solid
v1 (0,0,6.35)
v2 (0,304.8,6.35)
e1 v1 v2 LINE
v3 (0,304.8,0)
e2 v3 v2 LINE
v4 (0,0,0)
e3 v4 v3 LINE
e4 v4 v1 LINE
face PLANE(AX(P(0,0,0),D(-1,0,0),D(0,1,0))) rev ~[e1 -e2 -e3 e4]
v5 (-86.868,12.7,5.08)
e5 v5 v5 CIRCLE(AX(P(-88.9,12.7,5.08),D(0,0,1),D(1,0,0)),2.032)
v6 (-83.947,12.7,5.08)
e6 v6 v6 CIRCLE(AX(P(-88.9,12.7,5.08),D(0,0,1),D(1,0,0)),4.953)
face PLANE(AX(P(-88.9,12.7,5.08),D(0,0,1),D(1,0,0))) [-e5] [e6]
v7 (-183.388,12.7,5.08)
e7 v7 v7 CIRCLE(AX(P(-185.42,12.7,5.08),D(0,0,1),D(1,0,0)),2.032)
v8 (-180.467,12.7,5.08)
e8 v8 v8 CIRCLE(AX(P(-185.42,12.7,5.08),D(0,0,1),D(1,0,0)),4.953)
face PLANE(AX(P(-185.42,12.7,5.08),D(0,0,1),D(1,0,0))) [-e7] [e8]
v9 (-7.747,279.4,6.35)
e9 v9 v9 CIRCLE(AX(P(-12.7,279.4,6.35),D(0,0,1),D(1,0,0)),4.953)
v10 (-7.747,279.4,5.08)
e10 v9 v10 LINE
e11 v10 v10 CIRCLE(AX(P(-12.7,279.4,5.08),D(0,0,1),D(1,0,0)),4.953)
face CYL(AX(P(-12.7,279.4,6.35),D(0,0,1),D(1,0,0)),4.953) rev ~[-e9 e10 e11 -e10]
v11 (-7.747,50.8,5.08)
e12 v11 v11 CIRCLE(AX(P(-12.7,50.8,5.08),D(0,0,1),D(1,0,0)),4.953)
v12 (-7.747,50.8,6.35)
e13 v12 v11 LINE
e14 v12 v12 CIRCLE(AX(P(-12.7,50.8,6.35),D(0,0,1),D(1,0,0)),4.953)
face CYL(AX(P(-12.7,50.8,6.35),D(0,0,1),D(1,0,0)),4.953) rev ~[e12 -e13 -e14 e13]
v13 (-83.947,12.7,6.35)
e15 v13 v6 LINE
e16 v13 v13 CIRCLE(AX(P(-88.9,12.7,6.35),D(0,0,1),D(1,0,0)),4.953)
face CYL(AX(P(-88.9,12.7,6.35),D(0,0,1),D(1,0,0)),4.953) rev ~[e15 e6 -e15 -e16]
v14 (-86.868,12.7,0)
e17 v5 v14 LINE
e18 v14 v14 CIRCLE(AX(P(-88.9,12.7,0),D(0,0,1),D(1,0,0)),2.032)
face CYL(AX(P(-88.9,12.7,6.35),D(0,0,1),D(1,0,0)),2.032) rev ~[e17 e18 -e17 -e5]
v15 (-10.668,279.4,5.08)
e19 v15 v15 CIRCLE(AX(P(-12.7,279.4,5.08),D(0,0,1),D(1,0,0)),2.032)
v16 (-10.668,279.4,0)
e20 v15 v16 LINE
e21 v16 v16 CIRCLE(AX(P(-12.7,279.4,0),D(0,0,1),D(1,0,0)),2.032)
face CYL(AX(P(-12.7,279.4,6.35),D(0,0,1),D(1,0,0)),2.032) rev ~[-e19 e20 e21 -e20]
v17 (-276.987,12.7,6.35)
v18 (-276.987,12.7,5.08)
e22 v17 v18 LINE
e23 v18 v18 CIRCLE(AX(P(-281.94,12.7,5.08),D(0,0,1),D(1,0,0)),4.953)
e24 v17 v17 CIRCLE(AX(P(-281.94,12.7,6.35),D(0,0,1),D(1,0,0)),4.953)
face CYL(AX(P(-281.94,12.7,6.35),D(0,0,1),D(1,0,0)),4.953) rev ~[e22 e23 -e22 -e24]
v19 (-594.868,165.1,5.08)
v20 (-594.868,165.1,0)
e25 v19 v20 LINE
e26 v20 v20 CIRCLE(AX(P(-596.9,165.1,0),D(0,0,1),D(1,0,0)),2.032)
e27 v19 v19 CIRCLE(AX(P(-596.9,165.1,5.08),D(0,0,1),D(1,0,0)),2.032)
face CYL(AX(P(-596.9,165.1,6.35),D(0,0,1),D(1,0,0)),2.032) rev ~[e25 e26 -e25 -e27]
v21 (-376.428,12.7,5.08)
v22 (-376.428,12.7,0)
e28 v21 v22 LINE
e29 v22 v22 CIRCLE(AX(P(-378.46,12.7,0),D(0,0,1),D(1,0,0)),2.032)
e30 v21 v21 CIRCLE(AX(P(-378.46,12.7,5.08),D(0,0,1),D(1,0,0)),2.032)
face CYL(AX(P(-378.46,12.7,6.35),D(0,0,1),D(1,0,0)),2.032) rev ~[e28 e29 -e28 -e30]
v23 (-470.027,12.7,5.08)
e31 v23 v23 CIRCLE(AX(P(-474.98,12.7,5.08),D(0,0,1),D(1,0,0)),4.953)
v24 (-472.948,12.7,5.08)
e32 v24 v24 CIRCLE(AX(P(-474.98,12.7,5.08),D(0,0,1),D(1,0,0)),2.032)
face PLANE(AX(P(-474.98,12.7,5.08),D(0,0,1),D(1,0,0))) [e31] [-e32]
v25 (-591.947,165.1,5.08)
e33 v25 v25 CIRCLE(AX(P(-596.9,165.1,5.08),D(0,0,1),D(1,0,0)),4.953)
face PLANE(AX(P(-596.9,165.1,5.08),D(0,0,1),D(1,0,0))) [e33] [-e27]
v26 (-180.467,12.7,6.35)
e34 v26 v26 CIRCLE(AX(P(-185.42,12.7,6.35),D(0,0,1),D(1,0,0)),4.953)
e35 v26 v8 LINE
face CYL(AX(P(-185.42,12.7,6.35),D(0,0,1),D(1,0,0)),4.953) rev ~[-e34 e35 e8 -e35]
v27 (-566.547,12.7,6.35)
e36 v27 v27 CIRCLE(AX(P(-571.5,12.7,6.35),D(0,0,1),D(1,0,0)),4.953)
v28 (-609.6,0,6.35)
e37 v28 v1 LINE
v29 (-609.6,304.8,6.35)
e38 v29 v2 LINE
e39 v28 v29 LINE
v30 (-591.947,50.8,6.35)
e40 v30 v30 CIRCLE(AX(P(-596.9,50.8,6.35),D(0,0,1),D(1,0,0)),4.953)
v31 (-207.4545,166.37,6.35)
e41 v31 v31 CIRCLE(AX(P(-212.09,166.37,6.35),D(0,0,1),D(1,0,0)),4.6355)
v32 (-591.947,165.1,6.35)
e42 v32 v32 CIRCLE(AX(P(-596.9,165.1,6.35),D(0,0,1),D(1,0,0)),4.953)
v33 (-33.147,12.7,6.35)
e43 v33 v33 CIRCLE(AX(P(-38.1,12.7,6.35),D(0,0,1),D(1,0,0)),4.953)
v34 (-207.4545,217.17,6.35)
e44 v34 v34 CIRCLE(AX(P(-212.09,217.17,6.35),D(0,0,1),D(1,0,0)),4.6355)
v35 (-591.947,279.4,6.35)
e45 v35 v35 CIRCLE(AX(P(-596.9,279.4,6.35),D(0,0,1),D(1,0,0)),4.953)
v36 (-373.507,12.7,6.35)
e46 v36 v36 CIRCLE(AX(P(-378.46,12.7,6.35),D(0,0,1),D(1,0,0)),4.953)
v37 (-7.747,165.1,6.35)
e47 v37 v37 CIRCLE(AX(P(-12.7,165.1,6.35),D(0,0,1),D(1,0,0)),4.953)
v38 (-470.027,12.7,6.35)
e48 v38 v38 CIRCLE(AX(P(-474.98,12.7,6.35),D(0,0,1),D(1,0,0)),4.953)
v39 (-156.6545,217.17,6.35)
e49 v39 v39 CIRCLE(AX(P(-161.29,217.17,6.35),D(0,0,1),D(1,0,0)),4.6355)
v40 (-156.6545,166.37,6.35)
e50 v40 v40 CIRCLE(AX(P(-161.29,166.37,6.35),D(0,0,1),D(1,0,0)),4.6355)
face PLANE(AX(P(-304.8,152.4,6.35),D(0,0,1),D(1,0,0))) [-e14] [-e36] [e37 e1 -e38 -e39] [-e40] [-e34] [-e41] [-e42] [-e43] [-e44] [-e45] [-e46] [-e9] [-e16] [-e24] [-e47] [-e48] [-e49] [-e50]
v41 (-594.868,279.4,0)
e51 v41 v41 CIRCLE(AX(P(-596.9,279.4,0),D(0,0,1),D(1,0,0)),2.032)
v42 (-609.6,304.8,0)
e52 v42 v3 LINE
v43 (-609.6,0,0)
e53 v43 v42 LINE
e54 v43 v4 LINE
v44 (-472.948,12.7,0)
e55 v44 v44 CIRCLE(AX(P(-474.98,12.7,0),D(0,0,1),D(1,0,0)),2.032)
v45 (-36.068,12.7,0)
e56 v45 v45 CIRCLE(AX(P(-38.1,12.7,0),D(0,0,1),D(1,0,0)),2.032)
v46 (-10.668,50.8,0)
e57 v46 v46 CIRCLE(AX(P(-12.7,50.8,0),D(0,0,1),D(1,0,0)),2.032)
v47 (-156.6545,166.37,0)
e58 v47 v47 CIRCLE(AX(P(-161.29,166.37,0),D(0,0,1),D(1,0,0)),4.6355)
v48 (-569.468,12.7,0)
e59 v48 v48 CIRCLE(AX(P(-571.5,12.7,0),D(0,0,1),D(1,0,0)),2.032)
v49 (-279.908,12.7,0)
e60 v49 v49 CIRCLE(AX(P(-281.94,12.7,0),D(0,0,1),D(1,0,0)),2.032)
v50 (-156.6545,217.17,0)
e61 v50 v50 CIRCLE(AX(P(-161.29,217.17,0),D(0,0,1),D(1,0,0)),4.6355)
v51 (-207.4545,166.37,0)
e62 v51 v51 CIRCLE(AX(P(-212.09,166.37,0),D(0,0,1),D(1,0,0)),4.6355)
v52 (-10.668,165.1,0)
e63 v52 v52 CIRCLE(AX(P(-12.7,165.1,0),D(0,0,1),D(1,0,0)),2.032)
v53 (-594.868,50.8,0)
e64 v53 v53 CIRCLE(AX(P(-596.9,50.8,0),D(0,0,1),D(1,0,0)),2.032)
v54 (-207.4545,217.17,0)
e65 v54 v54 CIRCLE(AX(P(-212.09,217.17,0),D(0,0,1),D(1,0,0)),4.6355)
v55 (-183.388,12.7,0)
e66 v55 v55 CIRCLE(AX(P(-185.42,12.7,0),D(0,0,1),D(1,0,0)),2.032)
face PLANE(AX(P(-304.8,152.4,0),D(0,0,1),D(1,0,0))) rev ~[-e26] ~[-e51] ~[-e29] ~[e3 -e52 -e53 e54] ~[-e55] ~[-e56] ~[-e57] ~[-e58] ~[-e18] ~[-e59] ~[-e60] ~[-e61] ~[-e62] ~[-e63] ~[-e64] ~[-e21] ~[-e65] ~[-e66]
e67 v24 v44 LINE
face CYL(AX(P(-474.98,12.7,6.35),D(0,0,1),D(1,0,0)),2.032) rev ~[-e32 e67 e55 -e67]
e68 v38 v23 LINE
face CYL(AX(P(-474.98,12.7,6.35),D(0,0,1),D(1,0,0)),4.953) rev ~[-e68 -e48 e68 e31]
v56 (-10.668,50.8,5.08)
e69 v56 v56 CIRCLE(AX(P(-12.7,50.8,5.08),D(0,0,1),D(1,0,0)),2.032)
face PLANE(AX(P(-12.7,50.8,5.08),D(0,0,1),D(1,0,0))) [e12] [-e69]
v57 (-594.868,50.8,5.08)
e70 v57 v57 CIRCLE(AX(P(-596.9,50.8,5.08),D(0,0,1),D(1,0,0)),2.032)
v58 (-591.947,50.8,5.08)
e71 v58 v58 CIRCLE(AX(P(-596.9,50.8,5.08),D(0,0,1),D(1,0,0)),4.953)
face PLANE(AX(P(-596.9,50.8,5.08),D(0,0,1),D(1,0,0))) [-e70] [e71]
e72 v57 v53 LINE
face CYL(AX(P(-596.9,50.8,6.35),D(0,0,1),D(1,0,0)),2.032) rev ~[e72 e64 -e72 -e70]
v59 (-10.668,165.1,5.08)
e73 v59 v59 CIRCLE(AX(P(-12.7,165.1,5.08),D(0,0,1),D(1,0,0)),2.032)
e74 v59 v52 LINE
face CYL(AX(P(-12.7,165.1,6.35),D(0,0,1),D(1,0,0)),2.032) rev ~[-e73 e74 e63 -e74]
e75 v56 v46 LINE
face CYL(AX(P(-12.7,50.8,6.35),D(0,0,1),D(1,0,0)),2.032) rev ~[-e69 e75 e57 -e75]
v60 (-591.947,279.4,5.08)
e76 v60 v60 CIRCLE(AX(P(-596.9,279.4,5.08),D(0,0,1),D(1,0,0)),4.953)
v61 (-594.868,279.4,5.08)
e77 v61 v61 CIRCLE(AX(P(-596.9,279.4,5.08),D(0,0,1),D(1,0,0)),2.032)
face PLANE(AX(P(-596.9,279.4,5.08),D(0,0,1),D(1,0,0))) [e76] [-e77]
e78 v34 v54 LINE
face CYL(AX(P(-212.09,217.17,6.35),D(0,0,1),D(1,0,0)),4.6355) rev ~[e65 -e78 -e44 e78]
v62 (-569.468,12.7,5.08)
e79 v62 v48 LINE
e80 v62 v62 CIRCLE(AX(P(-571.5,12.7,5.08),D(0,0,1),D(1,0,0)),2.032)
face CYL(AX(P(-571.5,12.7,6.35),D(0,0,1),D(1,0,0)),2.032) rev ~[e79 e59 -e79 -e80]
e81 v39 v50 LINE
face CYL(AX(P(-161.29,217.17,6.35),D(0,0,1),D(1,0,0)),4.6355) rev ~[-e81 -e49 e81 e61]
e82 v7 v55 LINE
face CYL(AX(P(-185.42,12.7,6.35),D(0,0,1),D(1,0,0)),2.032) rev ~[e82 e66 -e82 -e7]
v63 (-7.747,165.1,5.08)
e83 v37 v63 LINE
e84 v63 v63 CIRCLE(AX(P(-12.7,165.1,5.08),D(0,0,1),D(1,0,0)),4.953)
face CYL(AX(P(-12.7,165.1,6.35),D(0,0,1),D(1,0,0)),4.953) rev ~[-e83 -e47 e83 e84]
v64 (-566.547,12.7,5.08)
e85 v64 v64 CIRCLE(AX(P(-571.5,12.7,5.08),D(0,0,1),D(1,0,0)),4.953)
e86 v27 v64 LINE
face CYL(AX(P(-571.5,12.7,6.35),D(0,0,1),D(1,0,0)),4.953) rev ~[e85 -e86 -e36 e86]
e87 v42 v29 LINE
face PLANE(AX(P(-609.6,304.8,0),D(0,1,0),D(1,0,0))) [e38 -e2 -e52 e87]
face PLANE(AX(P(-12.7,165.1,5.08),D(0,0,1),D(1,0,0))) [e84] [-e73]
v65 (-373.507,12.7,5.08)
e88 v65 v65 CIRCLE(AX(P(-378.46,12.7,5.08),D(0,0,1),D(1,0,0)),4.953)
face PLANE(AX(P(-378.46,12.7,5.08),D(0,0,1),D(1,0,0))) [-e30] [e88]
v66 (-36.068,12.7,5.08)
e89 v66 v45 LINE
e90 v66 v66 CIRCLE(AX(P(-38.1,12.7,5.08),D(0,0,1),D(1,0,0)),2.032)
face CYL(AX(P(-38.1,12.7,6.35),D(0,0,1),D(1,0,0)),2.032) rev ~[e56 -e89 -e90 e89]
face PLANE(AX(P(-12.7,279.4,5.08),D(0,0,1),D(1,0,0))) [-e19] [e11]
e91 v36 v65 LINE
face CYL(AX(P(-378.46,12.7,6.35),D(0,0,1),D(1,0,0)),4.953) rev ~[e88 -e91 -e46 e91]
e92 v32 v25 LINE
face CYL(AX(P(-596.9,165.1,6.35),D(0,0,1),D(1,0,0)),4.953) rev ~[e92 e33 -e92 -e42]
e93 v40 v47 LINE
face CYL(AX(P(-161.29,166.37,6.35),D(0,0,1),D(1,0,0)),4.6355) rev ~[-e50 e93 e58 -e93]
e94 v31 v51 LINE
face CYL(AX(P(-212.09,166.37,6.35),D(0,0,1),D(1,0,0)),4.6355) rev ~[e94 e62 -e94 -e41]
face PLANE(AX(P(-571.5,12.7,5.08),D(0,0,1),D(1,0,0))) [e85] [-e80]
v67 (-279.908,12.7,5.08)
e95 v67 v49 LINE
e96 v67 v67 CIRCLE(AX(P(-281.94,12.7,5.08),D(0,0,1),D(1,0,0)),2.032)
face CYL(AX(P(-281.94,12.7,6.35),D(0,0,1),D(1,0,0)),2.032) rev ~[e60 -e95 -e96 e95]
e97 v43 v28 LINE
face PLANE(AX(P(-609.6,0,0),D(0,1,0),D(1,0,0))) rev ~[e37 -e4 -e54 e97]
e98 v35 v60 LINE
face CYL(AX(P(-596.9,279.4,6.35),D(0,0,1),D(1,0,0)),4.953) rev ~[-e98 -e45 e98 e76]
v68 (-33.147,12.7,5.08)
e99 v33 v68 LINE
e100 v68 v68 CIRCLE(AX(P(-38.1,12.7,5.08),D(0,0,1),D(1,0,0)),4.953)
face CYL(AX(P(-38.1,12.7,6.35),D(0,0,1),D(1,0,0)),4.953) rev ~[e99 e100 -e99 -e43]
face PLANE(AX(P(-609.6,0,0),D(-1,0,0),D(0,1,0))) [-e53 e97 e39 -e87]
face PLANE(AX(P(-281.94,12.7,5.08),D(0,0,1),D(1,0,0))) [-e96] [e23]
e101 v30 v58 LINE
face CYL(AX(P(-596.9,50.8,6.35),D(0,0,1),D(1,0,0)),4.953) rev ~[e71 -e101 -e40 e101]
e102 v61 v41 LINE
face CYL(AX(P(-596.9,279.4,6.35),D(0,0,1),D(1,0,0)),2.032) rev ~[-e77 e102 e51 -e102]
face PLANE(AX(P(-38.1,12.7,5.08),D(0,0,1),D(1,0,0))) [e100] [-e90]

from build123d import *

# Parameters (mm, degrees)
SKETCH1_W           = 609.6
SKETCH1_H           = 304.8
BOSS_EXTRUDE1_DEPTH = 6.35
SKETCH2_R           = 4.6355
CUT_EXTRUDE1_DEPTH  = 7.35
SKETCH3_R           = 2.032
CUT_EXTRUDE2_DEPTH  = 7.35
SKETCH5_R           = 2.032
CUT_EXTRUDE3_DEPTH  = 7.35
SKETCH6_R           = 4.953
CUT_EXTRUDE4_DEPTH  = 1.27
SKETCH7_R           = 4.953
CUT_EXTRUDE5_DEPTH  = 1.27


with BuildPart() as part:
    # Sketch1 → Boss-Extrude1 (new body)
    with BuildSketch(Plane.XY):
        with Locations((-304.8, 152.4)):
            Rectangle(SKETCH1_W, SKETCH1_H)
    extrude(amount=BOSS_EXTRUDE1_DEPTH)

    # Sketch2 → Cut-Extrude1 (cut, through all)
    with BuildSketch(Plane.XY.offset(6.35)):
        with Locations((-161.29, 217.17)):
            Circle(SKETCH2_R)
        with Locations((-212.09, 217.17)):
            Circle(SKETCH2_R)
        with Locations((-161.29, 166.37)):
            Circle(SKETCH2_R)
        with Locations((-212.09, 166.37)):
            Circle(SKETCH2_R)
    extrude(amount=-CUT_EXTRUDE1_DEPTH, mode=Mode.SUBTRACT)

    # Sketch3 → Cut-Extrude2 (cut, through all)
    with BuildSketch(Plane.XY.offset(6.35)):
        with Locations((-596.9, 279.4)):
            Circle(SKETCH3_R)
        with Locations((-596.9, 165.1)):
            Circle(SKETCH3_R)
        with Locations((-596.9, 50.8)):
            Circle(SKETCH3_R)
        with Locations((-12.7, 50.8)):
            Circle(SKETCH3_R)
        with Locations((-12.7, 165.1)):
            Circle(SKETCH3_R)
        with Locations((-12.7, 279.4)):
            Circle(SKETCH3_R)
    extrude(amount=-CUT_EXTRUDE2_DEPTH, mode=Mode.SUBTRACT)

    # Sketch5 → Cut-Extrude3 (cut, through all)
    with BuildSketch(Plane.XY.offset(6.35)):
        with Locations((-571.5, 12.7)):
            Circle(SKETCH5_R)
        with Locations((-38.1, 12.7)):
            Circle(SKETCH5_R)
        with Locations((-474.98, 12.7)):
            Circle(SKETCH5_R)
        with Locations((-378.46, 12.7)):
            Circle(SKETCH5_R)
        with Locations((-281.94, 12.7)):
            Circle(SKETCH5_R)
        with Locations((-185.42, 12.7)):
            Circle(SKETCH5_R)
        with Locations((-88.9, 12.7)):
            Circle(SKETCH5_R)
    extrude(amount=-CUT_EXTRUDE3_DEPTH, mode=Mode.SUBTRACT)

    # Sketch6 → Cut-Extrude4 (cut)
    with BuildSketch(Plane.XY.offset(6.35)):
        with Locations((-596.9, 279.4)):
            Circle(SKETCH6_R)
        with Locations((-596.9, 165.1)):
            Circle(SKETCH6_R)
        with Locations((-596.9, 50.8)):
            Circle(SKETCH6_R)
        with Locations((-12.7, 50.8)):
            Circle(SKETCH6_R)
        with Locations((-12.7, 165.1)):
            Circle(SKETCH6_R)
        with Locations((-12.7, 279.4)):
            Circle(SKETCH6_R)
    extrude(amount=-CUT_EXTRUDE4_DEPTH, mode=Mode.SUBTRACT)

    # Sketch7 → Cut-Extrude5 (cut)
    with BuildSketch(Plane.XY.offset(6.35)):
        with Locations((-571.5, 12.7)):
            Circle(SKETCH7_R)
        with Locations((-474.98, 12.7)):
            Circle(SKETCH7_R)
        with Locations((-378.46, 12.7)):
            Circle(SKETCH7_R)
        with Locations((-281.94, 12.7)):
            Circle(SKETCH7_R)
        with Locations((-185.42, 12.7)):
            Circle(SKETCH7_R)
        with Locations((-88.9, 12.7)):
            Circle(SKETCH7_R)
        with Locations((-38.1, 12.7)):
            Circle(SKETCH7_R)
    extrude(amount=-CUT_EXTRUDE5_DEPTH, mode=Mode.SUBTRACT)


solid = part.part
